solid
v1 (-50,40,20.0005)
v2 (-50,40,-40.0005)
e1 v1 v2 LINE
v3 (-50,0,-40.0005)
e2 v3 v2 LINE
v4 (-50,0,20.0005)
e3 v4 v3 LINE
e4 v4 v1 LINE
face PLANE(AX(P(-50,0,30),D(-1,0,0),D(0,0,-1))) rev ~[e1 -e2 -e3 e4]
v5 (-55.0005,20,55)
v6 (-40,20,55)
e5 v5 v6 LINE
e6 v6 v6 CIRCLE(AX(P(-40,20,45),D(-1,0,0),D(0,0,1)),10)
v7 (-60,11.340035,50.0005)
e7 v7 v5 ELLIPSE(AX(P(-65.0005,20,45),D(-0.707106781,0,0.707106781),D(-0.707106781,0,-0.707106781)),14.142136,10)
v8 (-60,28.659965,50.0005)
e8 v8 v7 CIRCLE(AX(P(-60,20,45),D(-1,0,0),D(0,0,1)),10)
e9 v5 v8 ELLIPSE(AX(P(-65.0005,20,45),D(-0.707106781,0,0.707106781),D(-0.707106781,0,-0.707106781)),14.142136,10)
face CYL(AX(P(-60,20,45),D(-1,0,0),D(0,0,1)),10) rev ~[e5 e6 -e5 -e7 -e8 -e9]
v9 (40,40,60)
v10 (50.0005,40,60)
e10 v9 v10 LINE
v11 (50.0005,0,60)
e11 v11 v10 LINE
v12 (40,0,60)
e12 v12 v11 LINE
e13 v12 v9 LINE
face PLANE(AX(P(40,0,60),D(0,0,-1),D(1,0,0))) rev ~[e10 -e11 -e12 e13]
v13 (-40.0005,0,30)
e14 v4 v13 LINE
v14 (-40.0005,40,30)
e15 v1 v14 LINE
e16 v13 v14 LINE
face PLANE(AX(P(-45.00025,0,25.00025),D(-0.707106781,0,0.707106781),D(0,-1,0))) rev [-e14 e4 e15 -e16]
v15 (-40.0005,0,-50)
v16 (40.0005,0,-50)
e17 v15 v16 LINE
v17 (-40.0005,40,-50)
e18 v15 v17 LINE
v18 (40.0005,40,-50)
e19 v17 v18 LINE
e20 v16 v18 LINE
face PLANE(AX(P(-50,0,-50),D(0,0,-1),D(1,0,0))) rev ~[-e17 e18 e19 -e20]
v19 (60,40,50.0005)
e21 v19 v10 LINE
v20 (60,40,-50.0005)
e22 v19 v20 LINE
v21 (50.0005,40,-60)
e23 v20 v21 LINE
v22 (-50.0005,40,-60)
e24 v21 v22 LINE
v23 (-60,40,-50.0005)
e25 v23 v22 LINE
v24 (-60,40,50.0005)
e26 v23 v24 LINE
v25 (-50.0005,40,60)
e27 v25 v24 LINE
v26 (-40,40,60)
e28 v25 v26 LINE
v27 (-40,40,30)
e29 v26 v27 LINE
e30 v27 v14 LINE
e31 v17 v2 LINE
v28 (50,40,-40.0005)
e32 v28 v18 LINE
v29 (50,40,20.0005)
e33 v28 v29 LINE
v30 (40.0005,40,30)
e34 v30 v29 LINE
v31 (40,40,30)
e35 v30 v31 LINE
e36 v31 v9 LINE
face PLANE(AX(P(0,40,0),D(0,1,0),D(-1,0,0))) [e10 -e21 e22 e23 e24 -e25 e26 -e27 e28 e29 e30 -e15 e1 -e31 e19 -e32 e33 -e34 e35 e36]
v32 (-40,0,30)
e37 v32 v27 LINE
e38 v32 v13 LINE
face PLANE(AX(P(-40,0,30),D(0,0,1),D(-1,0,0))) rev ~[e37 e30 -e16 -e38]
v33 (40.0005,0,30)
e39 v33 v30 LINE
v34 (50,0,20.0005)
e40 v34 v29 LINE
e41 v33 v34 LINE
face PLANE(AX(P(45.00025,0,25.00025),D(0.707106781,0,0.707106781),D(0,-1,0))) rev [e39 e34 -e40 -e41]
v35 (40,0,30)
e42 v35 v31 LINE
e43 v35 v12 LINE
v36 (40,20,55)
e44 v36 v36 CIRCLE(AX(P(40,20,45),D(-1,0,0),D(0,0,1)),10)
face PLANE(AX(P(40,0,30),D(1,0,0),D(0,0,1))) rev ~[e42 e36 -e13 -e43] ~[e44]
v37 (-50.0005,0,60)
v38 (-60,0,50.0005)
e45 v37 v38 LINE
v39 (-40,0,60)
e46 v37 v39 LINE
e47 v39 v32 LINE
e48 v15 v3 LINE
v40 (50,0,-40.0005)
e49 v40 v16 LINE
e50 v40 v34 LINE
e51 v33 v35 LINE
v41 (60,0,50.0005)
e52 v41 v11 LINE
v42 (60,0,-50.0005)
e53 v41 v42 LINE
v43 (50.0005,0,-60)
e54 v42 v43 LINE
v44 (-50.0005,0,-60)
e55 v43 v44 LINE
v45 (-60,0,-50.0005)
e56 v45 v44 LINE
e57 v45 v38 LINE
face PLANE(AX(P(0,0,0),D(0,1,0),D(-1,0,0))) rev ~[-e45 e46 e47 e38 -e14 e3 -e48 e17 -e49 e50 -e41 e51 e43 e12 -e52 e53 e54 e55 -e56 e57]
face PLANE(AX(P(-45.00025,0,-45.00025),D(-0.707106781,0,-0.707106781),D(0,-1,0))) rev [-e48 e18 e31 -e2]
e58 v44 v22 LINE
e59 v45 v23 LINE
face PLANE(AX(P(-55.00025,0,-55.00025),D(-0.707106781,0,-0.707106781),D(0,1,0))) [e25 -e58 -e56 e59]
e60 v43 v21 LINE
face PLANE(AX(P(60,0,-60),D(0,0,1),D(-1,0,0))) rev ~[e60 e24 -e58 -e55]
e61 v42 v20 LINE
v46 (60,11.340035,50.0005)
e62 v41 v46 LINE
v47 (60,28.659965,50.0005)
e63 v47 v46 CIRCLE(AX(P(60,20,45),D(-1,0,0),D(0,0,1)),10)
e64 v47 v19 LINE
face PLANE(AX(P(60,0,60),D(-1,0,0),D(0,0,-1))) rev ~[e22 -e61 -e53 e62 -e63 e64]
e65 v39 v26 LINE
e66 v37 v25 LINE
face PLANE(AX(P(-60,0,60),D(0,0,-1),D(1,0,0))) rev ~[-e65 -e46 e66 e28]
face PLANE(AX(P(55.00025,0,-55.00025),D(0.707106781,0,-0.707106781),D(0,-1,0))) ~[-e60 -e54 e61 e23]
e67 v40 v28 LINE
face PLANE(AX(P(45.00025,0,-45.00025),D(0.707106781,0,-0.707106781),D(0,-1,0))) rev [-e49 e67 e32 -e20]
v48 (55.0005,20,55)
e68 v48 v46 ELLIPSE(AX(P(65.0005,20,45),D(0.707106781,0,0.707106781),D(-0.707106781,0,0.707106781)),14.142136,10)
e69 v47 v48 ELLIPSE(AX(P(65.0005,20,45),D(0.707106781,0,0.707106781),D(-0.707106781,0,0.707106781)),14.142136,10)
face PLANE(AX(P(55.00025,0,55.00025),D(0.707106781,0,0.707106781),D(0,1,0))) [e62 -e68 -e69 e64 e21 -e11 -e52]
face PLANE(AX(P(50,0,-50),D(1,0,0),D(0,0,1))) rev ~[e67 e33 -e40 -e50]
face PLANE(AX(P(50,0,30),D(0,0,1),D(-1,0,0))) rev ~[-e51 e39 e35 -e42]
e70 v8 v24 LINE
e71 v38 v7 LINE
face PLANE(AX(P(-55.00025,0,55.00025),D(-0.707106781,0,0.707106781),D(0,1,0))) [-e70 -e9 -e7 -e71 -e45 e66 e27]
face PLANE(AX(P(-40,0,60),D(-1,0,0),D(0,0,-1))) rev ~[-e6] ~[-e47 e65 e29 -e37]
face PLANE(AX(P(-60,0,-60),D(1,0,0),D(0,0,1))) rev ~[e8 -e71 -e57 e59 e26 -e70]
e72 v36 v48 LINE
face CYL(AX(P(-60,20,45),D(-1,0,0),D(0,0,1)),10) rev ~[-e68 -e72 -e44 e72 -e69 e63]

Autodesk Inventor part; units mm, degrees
ref_plane "YZ Plane" through (0, 0, 0) normal (1, 0, 0) x (0, 1, 0)
ref_plane "XZ Plane" through (0, 0, 0) normal (0, 1, 0) x (-1, 0, 0)
ref_plane "XY Plane" through (0, 0, 0) normal (0, 0, 1) x (1, 0, 0)
sketch "Sketch1" plane through (0, 0, 0) normal (0, 1, 0) x (-1, 0, 0)
  line L0 (-60, -60) -> (60, -60)
  line L1 (60, -60) -> (60, 60)
  line L2 (60, 60) -> (-60, 60)
  line L3 (-60, 60) -> (-60, -60)
  line L4 (-60, -60) -> (60, 60) construction
  line L5 (60, -60) -> (-60, 60) construction
  line L6 (40, 60) -> (40, 30)
  line L7 (40, 30) -> (50, 30)
  line L8 (50, 30) -> (50, -50)
  line L9 (50, -50) -> (-50, -50)
  line L10 (-50, -50) -> (-50, 30)
  line L11 (-50, 30) -> (-40, 30)
  line L12 (-40, 30) -> (-40, 60)
  point P0 (0, 0)
  dimension "d0" = 120
  dimension "d1" = 120
  dimension "d2" = 20
  dimension "d3" = 20
  dimension "d4" = 10
  dimension "d5" = 10
  dimension "d6" = 10
  dimension "d7" = 30
extrude "Extrusion1" add sketch "Sketch1" along normal blind 40 contours L3 L2 L12 L11 L10 L9 L8 L7 L6 L1 L0
chamfer "Chamfer1" distance 10 angle 45 8 edges at (60, 20, 60) (60, 20, -60) (-50, 20, -50) (-60, 20, -60) (50, 20, -50) (-60, 20, 60) (50, 20, 30) (-50, 20, 30)
sketch "Sketch2" plane through (-60, 0, -50) normal (-1, 0, 0) x (0, 0, 1)
  circle A0 centre (95, 20) radius 10
  line L0 (110, 0) -> (110, 40) projected
  line L1 (0, 40) -> (100, 40) projected
  point P0 (50, 0)
  dimension "d13" = 15
  dimension "d14" = 20
  dimension "d15" = 20
extrude "Extrusion2" cut sketch "Sketch2" against normal through all
equation "\"d5\" = d4"
properties part number "frame"
